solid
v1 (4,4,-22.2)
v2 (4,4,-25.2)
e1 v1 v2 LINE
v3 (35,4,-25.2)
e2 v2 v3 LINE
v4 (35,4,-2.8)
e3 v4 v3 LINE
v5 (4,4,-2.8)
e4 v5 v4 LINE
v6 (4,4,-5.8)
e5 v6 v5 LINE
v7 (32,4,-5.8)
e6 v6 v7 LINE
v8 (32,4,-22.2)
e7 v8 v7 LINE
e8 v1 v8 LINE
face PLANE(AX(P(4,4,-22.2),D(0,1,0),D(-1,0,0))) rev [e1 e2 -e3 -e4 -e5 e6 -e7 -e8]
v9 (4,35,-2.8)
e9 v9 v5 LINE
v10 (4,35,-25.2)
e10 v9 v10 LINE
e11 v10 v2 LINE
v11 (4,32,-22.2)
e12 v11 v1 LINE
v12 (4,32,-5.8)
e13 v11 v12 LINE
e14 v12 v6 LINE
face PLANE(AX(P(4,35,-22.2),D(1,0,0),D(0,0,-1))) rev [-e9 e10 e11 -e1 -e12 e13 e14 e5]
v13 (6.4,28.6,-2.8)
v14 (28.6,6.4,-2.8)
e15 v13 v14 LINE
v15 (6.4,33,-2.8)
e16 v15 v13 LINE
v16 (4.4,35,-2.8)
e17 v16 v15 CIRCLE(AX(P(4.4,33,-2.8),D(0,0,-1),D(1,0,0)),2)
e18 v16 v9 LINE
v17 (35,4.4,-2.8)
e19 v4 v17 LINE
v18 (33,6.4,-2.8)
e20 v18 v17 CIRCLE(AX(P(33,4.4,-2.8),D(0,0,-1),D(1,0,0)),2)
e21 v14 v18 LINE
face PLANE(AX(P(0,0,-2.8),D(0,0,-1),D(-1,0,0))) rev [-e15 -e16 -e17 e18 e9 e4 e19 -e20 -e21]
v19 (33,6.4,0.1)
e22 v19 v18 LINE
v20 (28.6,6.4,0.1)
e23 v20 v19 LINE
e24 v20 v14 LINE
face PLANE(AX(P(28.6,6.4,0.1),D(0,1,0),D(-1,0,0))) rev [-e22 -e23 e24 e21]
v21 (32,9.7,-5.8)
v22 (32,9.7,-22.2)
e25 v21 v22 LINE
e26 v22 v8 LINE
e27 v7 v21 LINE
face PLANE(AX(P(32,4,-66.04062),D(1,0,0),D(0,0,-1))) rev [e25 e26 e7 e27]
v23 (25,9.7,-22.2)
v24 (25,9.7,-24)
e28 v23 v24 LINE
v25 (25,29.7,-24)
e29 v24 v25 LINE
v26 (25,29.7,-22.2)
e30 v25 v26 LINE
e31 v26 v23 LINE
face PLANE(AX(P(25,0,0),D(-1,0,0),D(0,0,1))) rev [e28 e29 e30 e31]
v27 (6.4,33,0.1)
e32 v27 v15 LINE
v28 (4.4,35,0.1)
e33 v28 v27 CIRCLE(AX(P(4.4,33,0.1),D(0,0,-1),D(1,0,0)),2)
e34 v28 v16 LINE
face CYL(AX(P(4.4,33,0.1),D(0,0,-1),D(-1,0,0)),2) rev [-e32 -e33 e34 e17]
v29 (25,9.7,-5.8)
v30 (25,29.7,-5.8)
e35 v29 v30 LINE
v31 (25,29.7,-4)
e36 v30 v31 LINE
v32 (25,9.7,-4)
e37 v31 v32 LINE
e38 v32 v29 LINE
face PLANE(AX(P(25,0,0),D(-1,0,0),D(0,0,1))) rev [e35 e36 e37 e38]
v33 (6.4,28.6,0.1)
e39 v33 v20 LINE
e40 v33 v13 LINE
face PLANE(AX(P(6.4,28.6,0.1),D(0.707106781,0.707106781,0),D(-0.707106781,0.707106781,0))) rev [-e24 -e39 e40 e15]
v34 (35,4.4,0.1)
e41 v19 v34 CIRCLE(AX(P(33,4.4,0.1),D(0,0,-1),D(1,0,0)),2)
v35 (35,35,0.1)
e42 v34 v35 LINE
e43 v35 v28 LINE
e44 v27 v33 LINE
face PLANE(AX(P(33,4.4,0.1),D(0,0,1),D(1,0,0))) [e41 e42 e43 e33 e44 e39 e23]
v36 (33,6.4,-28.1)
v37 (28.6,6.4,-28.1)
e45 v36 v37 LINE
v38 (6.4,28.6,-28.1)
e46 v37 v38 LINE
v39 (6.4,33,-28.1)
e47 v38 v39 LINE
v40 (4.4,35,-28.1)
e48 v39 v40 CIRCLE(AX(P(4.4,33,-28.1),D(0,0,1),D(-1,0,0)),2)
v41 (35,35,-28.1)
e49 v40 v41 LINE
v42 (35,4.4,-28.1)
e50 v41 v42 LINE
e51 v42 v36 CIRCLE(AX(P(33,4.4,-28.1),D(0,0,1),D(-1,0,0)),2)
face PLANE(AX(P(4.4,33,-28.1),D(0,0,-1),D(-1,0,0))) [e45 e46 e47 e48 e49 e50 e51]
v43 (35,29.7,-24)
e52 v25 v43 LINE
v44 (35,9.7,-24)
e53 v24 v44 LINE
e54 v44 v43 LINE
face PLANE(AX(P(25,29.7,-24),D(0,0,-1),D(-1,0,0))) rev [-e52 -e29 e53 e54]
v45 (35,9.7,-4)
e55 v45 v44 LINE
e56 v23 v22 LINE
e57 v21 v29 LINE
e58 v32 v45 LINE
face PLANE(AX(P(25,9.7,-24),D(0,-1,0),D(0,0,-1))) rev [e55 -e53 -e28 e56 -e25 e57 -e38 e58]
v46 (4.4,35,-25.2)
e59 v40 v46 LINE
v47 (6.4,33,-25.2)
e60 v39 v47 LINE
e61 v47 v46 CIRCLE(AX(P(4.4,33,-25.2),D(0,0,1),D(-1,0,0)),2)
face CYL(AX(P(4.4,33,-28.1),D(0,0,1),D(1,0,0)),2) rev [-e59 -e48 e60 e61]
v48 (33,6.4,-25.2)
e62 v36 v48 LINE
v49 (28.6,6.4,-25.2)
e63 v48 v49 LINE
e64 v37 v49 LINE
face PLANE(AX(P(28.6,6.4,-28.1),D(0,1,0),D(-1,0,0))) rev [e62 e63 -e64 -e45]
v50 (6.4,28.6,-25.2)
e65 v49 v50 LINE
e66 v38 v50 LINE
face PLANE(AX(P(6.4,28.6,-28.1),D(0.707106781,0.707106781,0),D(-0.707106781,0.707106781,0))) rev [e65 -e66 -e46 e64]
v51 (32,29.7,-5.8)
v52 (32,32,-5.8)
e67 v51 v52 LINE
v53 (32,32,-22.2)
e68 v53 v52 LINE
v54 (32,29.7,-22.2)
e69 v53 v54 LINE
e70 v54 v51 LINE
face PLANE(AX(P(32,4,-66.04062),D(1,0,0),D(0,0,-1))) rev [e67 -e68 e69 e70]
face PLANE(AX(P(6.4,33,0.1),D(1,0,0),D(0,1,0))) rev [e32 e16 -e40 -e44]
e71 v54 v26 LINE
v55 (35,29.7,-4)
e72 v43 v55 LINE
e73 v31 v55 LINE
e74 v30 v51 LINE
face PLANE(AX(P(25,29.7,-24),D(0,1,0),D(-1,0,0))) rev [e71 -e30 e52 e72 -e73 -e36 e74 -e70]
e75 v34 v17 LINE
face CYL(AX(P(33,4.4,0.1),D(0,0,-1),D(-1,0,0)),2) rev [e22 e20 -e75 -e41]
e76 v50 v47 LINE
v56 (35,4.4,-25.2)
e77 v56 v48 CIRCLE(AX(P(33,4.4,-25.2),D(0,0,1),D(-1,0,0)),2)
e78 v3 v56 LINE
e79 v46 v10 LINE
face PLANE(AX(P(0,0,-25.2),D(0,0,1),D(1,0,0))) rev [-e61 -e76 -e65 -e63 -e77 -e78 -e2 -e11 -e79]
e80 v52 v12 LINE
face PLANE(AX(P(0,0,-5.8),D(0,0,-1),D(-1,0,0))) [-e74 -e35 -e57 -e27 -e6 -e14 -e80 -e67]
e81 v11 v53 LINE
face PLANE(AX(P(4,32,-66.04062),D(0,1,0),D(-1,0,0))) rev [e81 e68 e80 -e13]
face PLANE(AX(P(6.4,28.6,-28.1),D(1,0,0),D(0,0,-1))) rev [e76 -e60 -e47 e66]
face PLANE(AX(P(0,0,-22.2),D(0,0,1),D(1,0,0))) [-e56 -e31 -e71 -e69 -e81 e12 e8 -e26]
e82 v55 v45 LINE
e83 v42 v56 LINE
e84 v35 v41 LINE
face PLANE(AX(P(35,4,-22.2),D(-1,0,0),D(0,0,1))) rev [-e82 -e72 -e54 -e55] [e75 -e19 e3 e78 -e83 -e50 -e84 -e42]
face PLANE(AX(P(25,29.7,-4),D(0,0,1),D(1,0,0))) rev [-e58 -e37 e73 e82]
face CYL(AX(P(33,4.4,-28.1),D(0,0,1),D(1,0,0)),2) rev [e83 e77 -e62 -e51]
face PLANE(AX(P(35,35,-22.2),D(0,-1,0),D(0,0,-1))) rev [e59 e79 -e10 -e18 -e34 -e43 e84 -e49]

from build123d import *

# Parameters (mm, degrees)
SKETCH_5_W          = 31
SKETCH_5_H          = 31
EXTRUDE_1_DEPTH     = 3
SKETCH_6_W          = 31
SKETCH_6_H          = 31
EXTRUDE_2_DEPTH     = 3
EXTRUDE_3_DEPTH     = 2.9
EXTRUDE_4_DEPTH     = 2.9
EXTRUDE_5_DEPTH     = 16.4
SKETCH_10_W         = 20
SKETCH_10_H         = 20
CUT_EXTRUDE_1_DEPTH = 10


with BuildPart() as part:
    # 草图5 → 凸台-拉伸1 (new body)
    with BuildSketch(Plane(origin=(835, 815, -2.8), x_dir=(-1, 0, 0), z_dir=(0, 0, 1))):
        with Locations((815.5, 795.5)):
            Rectangle(SKETCH_5_W, SKETCH_5_H)
    extrude(amount=-EXTRUDE_1_DEPTH)

    # 草图8 → 凸台-拉伸4 (add)
    with BuildSketch(Plane.XY.offset(-2.8)):
        with BuildLine():
            Line((6.4, 33), (6.4, 28.6))
            Line((6.4, 28.6), (28.6, 6.4))
            Line((28.6, 6.4), (33, 6.4))
            ThreePointArc((33, 6.4), (34.414213562, 5.814213562), (35, 4.4))
            Line((35, 4.4), (35, 35))
            Line((35, 35), (4.4, 35))
            ThreePointArc((4.4, 35), (5.814213562, 34.414213562), (6.4, 33))
        make_face()
    extrude(amount=EXTRUDE_4_DEPTH)



with BuildPart() as body_2:
    # 草图6 → 凸台-拉伸2 (new body)
    with BuildSketch(Plane(origin=(835, 815, -25.2), x_dir=(-1, 0, 0), z_dir=(0, 0, 1))):
        with Locations((815.5, 795.5)):
            Rectangle(SKETCH_6_W, SKETCH_6_H)
    extrude(amount=EXTRUDE_2_DEPTH)

    # 草图7 → 凸台-拉伸3 (add)
    with BuildSketch(Plane(origin=(0, 0, -25.2), x_dir=(-1, 0, 0), z_dir=(0, 0, -1))):
        with BuildLine():
            Line((-6.4, 28.6), (-28.6, 6.4))
            Line((-28.6, 6.4), (-33, 6.4))
            ThreePointArc((-33, 6.4), (-34.414213562, 5.814213562), (-35, 4.4))
            Line((-35, 4.4), (-35, 35))
            Line((-35, 35), (-4.4, 35))
            ThreePointArc((-4.4, 35), (-5.814213562, 34.414213562), (-6.4, 33))
            Line((-6.4, 33), (-6.4, 28.6))
        make_face()
    extrude(amount=EXTRUDE_3_DEPTH)


with BuildPart() as part_1:
    add(part.part)

    add(body_2.part)  # 凸台-拉伸5 merges body 2
    # 草图9 → 凸台-拉伸5 (add)
    with BuildSketch(Plane(origin=(0, 0, -5.8), x_dir=(-1, 0, 0), z_dir=(0, 0, -1))):
        Polygon((-35, 4), (-32, 4), (-32, 32), (-4, 32), (-4, 35), (-35, 35), align=None)
    extrude(amount=EXTRUDE_5_DEPTH)

    # 草图10 → 切除-拉伸1 (cut)
    with BuildSketch(Plane(origin=(35, 0, 0), x_dir=(0, 0, -1), z_dir=(1, 0, 0))):
        with Locations((14, 19.7)):
            Rectangle(SKETCH_10_W, SKETCH_10_H)
    extrude(amount=-CUT_EXTRUDE_1_DEPTH, mode=Mode.SUBTRACT)


solid = part_1.part
